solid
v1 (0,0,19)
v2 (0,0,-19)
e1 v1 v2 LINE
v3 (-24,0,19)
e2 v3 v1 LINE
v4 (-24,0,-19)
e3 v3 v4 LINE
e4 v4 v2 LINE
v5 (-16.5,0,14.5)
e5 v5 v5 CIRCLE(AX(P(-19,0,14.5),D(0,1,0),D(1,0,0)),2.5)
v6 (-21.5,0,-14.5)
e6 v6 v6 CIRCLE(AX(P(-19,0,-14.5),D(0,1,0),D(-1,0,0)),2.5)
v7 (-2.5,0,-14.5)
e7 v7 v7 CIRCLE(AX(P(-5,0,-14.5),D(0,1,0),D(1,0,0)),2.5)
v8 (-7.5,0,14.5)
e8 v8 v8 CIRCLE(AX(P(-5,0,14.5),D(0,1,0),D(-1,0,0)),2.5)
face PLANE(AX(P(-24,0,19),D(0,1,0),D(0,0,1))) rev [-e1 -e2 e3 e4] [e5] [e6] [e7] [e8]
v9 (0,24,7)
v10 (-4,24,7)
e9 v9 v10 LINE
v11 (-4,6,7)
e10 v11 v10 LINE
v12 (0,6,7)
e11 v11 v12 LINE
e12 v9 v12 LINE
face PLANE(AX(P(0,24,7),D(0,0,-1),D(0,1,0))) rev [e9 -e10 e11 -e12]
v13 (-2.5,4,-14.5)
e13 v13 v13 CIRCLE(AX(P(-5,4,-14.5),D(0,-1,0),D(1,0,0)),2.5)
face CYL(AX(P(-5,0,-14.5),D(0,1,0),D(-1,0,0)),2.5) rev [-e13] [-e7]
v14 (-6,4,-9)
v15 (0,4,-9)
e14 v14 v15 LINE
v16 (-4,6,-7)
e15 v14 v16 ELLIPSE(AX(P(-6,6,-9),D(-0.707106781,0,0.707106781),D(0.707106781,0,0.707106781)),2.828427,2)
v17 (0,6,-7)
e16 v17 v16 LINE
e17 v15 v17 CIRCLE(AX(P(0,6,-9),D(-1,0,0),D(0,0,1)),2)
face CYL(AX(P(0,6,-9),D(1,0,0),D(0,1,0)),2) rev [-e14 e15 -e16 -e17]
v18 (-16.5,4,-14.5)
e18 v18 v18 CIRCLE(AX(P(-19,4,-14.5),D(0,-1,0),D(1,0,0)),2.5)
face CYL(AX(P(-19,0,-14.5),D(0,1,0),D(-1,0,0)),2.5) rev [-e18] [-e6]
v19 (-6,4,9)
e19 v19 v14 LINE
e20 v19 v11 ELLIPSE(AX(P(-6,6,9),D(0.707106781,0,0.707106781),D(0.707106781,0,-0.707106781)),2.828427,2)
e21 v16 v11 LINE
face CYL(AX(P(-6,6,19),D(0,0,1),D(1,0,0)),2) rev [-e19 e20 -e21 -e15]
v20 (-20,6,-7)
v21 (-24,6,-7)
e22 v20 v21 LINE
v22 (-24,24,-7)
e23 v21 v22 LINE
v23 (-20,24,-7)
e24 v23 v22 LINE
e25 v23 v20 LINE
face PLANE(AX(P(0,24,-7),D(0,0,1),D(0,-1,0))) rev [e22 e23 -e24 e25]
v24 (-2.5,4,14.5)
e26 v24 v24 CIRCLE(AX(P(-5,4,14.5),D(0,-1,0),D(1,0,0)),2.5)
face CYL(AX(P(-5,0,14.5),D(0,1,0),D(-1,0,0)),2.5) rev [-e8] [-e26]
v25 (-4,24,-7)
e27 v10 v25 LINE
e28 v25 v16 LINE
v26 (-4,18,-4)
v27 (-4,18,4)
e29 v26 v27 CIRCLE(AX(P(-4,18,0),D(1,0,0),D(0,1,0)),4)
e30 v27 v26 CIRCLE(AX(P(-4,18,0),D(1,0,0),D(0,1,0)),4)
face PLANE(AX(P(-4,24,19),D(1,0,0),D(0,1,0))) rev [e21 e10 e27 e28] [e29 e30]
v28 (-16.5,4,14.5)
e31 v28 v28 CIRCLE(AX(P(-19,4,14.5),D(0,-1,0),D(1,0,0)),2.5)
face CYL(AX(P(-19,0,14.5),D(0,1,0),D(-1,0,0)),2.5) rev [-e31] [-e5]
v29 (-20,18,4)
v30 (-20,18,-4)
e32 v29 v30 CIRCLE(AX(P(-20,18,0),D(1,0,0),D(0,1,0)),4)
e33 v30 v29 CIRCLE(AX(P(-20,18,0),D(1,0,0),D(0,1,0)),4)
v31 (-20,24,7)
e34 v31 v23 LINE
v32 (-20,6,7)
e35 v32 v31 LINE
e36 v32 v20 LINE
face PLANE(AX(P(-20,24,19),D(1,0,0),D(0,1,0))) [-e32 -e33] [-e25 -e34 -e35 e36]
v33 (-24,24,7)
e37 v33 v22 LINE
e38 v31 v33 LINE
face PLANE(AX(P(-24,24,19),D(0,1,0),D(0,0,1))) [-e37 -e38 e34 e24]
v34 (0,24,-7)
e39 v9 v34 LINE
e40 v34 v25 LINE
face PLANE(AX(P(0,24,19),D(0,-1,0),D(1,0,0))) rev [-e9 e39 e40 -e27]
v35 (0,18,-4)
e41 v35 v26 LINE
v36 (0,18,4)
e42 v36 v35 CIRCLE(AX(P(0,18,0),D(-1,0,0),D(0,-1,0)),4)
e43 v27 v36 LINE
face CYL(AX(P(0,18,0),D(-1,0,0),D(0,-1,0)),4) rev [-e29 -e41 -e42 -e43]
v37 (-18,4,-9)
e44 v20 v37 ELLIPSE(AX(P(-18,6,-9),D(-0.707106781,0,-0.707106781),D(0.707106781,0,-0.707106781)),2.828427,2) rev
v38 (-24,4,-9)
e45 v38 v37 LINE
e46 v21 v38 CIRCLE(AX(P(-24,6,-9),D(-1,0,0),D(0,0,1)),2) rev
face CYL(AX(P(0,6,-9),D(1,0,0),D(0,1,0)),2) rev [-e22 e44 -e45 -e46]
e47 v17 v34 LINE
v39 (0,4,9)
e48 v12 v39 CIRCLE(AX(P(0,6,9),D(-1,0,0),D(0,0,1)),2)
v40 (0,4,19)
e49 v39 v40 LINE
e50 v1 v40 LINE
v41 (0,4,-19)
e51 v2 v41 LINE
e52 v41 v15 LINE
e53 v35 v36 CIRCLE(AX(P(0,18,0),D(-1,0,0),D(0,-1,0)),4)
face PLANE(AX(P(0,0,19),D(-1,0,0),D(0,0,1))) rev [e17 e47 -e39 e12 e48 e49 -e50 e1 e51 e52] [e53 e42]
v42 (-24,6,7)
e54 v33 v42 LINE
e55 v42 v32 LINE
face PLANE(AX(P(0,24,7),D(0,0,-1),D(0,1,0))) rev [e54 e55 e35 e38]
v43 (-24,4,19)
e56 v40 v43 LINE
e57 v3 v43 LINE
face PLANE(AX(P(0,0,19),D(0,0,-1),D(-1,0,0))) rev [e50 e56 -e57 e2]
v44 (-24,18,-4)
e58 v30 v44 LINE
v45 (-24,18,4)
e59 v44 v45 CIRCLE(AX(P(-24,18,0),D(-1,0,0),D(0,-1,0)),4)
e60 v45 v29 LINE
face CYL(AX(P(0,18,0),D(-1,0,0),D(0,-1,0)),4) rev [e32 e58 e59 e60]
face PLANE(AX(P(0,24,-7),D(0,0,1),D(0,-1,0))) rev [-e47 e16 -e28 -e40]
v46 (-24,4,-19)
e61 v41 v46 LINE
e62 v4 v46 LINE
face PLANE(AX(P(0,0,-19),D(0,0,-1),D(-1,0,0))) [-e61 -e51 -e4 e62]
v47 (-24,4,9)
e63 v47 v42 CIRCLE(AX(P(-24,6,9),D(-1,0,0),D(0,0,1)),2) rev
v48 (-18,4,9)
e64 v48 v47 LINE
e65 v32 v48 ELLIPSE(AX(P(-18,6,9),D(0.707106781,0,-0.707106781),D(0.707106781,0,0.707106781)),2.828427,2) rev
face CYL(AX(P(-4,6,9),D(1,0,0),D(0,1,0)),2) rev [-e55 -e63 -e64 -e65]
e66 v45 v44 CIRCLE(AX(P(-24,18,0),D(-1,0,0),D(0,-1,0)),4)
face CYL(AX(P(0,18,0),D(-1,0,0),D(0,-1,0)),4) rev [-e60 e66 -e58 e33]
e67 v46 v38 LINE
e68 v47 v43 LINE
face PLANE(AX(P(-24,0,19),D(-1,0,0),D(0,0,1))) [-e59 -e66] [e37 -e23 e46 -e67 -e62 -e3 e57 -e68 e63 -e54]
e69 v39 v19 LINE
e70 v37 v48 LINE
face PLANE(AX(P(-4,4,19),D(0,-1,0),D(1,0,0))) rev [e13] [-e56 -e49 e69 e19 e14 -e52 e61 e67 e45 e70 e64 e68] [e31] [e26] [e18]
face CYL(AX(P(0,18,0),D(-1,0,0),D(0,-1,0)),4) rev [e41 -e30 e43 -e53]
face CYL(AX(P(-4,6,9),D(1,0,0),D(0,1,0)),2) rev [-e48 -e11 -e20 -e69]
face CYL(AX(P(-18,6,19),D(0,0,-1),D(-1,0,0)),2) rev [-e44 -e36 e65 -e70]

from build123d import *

# Parameters (mm, degrees)
BOSS_EXTRUDE1_DEPTH   = 19
SKETCH2_R             = 4
M8_HOLE_DEPTH         = 21
M8_HOLE_DEPTH_BACK    = 5
SKETCH3_R             = 2.5
M5_HOLES_DEPTH        = 21
M5_HOLES_DEPTH_BACK   = 5
SKETCH4_W             = 12
SKETCH4_H             = 20
TRIM_DOWN_SIDES_DEPTH = 25
FILLET3_R             = 2


with BuildPart() as part:
    # Sketch1 → Boss-Extrude1 (new body, symmetric)
    with BuildSketch(Plane.XY):
        Polygon((0, 24), (-4, 24), (-4, 4), (-20, 4), (-20, 24), (-24, 24), (-24, 0), (0, 0), align=None)
    extrude(amount=BOSS_EXTRUDE1_DEPTH, both=True)

    # Sketch2 → M8 hole (cut, two sides)
    with BuildSketch(Plane.ZY.offset(4)) as m8_hole_sk:
        with Locations((0, 18)):
            Circle(SKETCH2_R)
    extrude(amount=M8_HOLE_DEPTH, mode=Mode.SUBTRACT)
    extrude(m8_hole_sk.sketch, amount=-M8_HOLE_DEPTH_BACK, mode=Mode.SUBTRACT)

    # Sketch3 → M5 holes (cut, two sides)
    with BuildSketch(Plane(origin=(0, 4, 0), x_dir=(1, 0, 0), z_dir=(0, 1, 0))) as m5_holes_sk:
        with Locations((-19, 14.5)):
            Circle(SKETCH3_R)
        with Locations((-5, 14.5)):
            Circle(SKETCH3_R)
        with Locations((-5, -14.5)):
            Circle(SKETCH3_R)
        with Locations((-19, -14.5)):
            Circle(SKETCH3_R)
    extrude(amount=M5_HOLES_DEPTH, mode=Mode.SUBTRACT)
    extrude(m5_holes_sk.sketch, amount=-M5_HOLES_DEPTH_BACK, mode=Mode.SUBTRACT)

    # Sketch4 → trim down sides (cut, through all)
    with BuildSketch(Plane.ZY.offset(24)):
        with Locations((-13, 14)):
            Rectangle(SKETCH4_W, SKETCH4_H)
        with Locations((13, 14)):
            Rectangle(SKETCH4_W, SKETCH4_H)
    extrude(amount=-TRIM_DOWN_SIDES_DEPTH, mode=Mode.SUBTRACT)

    # Fillet3
    fillet3_edges = [part.edges().sort_by_distance(p)[0] for p in [
        (-2, 4, 7),
        (-22, 4, 7),
        (-20, 4, 0),
        (-4, 4, 0),
        (-22, 4, -7),
        (-2, 4, -7),
    ]]
    fillet(fillet3_edges, radius=FILLET3_R)


solid = part.part
